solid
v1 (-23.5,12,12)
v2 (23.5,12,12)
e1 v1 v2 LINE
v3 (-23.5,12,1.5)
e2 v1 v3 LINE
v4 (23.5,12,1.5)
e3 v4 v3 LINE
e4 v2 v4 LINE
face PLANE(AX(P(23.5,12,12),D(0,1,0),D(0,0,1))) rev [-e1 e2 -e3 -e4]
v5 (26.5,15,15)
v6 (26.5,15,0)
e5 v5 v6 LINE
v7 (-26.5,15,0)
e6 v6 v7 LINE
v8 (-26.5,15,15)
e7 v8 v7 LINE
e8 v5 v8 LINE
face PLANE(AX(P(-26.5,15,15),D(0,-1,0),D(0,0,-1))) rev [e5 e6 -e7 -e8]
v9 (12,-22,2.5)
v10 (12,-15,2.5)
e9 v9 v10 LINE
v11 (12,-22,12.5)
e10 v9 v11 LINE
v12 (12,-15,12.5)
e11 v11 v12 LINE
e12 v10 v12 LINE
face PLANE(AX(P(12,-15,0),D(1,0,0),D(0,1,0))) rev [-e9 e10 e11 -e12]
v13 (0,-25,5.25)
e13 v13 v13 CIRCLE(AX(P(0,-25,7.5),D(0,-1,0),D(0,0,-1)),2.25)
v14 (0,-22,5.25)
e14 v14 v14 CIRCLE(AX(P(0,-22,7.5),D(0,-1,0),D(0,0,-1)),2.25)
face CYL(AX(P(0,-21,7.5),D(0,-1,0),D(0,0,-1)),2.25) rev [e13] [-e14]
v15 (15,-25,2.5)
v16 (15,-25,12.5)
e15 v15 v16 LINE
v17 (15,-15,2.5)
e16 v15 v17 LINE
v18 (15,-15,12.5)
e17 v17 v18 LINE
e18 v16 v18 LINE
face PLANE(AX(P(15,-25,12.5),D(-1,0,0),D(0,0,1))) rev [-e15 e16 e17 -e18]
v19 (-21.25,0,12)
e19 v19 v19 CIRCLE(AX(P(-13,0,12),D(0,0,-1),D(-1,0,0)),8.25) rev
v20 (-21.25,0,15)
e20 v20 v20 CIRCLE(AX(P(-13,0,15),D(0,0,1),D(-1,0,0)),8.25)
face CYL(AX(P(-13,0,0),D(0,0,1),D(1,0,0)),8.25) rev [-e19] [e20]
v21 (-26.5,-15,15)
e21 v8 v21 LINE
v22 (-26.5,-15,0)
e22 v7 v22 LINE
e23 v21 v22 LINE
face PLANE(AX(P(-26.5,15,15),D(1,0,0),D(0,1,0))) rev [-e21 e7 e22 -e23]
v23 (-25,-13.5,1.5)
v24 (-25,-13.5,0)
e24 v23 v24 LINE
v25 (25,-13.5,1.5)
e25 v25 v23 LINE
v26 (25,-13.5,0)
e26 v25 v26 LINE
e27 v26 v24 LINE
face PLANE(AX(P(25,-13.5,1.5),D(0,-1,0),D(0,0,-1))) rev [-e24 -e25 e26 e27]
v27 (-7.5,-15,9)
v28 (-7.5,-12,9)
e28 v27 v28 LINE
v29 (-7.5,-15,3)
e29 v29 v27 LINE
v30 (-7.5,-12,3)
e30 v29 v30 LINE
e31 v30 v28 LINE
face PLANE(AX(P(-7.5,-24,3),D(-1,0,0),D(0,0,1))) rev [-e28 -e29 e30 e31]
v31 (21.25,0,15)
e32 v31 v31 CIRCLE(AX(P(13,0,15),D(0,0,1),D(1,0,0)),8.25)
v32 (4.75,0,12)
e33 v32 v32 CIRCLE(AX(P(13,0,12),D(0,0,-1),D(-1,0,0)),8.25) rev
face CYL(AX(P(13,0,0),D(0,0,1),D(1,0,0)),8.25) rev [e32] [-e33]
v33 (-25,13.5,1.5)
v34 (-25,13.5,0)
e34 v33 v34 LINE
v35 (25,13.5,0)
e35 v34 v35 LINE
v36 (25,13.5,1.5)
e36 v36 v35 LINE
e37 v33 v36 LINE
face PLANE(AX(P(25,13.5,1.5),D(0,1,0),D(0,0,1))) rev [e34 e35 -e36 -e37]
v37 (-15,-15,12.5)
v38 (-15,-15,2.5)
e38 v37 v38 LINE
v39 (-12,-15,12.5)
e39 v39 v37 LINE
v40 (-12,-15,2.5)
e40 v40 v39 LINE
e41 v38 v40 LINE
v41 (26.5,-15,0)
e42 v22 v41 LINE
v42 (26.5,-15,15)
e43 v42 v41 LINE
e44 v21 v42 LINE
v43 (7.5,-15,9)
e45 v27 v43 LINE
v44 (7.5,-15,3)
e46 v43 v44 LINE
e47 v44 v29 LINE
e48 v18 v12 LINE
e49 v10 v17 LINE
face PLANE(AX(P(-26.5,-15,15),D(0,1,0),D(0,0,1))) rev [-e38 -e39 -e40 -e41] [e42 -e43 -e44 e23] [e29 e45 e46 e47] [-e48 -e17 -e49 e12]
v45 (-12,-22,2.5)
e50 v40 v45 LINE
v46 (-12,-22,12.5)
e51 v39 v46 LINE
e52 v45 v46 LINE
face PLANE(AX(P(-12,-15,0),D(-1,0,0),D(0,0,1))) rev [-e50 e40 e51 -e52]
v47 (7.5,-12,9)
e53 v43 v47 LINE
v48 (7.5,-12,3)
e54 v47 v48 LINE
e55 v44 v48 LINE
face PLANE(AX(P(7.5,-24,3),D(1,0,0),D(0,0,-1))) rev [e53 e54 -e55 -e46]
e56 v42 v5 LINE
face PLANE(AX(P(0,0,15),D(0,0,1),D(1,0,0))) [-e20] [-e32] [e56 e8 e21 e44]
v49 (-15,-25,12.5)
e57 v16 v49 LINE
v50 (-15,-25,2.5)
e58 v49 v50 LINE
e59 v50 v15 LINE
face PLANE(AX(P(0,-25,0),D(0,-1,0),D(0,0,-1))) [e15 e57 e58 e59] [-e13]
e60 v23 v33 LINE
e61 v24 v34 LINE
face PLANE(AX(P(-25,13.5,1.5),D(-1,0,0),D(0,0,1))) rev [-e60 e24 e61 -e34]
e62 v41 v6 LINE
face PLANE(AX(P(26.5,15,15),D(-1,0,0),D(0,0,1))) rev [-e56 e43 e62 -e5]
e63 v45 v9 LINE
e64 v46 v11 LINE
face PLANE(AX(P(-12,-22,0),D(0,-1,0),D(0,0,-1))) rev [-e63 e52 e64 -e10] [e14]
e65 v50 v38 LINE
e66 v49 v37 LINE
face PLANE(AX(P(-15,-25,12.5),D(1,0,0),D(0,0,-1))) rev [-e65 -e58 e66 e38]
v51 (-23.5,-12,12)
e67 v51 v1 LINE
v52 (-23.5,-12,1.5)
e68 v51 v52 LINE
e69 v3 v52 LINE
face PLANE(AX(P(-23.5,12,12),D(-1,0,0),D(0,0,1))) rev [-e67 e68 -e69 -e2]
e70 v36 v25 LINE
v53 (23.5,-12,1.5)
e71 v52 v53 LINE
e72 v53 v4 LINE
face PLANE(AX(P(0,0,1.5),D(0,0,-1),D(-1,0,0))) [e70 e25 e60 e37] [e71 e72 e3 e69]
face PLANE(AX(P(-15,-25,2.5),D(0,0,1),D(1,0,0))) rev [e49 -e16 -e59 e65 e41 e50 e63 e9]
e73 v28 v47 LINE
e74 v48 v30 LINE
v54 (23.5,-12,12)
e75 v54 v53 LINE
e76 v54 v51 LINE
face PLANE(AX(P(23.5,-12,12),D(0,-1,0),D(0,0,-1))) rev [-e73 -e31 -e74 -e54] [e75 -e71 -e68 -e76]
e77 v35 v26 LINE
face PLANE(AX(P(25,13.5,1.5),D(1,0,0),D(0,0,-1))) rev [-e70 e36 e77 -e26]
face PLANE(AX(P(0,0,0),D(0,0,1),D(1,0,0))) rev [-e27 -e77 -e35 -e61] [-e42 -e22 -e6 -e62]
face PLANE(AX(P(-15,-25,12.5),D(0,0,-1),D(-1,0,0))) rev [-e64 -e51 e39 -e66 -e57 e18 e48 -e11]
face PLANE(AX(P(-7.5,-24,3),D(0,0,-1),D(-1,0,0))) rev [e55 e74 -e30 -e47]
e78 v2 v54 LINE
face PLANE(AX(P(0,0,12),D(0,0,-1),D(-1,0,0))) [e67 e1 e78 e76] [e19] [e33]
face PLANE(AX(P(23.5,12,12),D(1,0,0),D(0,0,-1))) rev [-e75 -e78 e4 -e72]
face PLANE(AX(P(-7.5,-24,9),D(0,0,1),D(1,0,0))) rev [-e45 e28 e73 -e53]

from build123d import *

# Parameters (mm, degrees)
SKETCH1_W           = 53
SKETCH1_H           = 30
BOSS_EXTRUDE1_DEPTH = 15
SKETCH2_R           = 8.25
CUT_EXTRUDE1_DEPTH  = 16
SKETCH3_W           = 47
SKETCH3_H           = 24
CUT_EXTRUDE2_DEPTH  = 12
SKETCH4_W           = 15
SKETCH4_H           = 6
CUT_EXTRUDE3_DEPTH  = 12
SKETCH6_W           = 50
SKETCH6_H           = 27
CUT_EXTRUDE4_DEPTH  = 1.5
SKETCH7_W           = 30
SKETCH7_H           = 10
BOSS_EXTRUDE2_DEPTH = 10
SKETCH8_W           = 24
SKETCH8_H           = 7
CUT_EXTRUDE5_DEPTH  = 13.5
SKETCH9_R           = 2.25
CUT_EXTRUDE6_DEPTH  = 4


with BuildPart() as part:
    # Sketch1 → Boss-Extrude1 (new body)
    with BuildSketch(Plane.XY):
        Rectangle(SKETCH1_W, SKETCH1_H)
    extrude(amount=BOSS_EXTRUDE1_DEPTH)

    # Sketch2 → Cut-Extrude1 (cut, through all)
    with BuildSketch(Plane.XY.offset(15)):
        with Locations((13, 0)):
            Circle(SKETCH2_R)
        with Locations((-13, 0)):
            Circle(SKETCH2_R)
    extrude(amount=-CUT_EXTRUDE1_DEPTH, mode=Mode.SUBTRACT)

    # Sketch3 → Cut-Extrude2 (cut)
    with BuildSketch(Plane(origin=(0, 0, 0), x_dir=(-1, 0, 0), z_dir=(0, 0, -1))):
        Rectangle(SKETCH3_W, SKETCH3_H)
    extrude(amount=-CUT_EXTRUDE2_DEPTH, mode=Mode.SUBTRACT)

    # Sketch4 → Cut-Extrude3 (cut)
    with BuildSketch(Plane(origin=(0, -12, 0), x_dir=(1, 0, 0), z_dir=(0, 1, 0))):
        with Locations((0, -6)):
            Rectangle(SKETCH4_W, SKETCH4_H)
    extrude(amount=-CUT_EXTRUDE3_DEPTH, mode=Mode.SUBTRACT)

    # Sketch6 → Cut-Extrude4 (cut)
    with BuildSketch(Plane(origin=(0, 0, 0), x_dir=(-1, 0, 0), z_dir=(0, 0, -1))):
        Rectangle(SKETCH6_W, SKETCH6_H)
    extrude(amount=-CUT_EXTRUDE4_DEPTH, mode=Mode.SUBTRACT)

    # Sketch7 → Boss-Extrude2 (add)
    with BuildSketch(Plane.XZ.offset(15)):
        with Locations((0, 7.5)):
            Rectangle(SKETCH7_W, SKETCH7_H)
    extrude(amount=BOSS_EXTRUDE2_DEPTH)

    # Sketch8 → Cut-Extrude5 (cut, through all)
    with BuildSketch(Plane.XY.offset(12.5)):
        with Locations((0, -18.5)):
            Rectangle(SKETCH8_W, SKETCH8_H)
    extrude(amount=-CUT_EXTRUDE5_DEPTH, mode=Mode.SUBTRACT)

    # Sketch9 → Cut-Extrude6 (cut)
    with BuildSketch(Plane.XZ.offset(25)):
        with Locations((0, 7.5)):
            Circle(SKETCH9_R)
    extrude(amount=-CUT_EXTRUDE6_DEPTH, mode=Mode.SUBTRACT)


solid = part.part
